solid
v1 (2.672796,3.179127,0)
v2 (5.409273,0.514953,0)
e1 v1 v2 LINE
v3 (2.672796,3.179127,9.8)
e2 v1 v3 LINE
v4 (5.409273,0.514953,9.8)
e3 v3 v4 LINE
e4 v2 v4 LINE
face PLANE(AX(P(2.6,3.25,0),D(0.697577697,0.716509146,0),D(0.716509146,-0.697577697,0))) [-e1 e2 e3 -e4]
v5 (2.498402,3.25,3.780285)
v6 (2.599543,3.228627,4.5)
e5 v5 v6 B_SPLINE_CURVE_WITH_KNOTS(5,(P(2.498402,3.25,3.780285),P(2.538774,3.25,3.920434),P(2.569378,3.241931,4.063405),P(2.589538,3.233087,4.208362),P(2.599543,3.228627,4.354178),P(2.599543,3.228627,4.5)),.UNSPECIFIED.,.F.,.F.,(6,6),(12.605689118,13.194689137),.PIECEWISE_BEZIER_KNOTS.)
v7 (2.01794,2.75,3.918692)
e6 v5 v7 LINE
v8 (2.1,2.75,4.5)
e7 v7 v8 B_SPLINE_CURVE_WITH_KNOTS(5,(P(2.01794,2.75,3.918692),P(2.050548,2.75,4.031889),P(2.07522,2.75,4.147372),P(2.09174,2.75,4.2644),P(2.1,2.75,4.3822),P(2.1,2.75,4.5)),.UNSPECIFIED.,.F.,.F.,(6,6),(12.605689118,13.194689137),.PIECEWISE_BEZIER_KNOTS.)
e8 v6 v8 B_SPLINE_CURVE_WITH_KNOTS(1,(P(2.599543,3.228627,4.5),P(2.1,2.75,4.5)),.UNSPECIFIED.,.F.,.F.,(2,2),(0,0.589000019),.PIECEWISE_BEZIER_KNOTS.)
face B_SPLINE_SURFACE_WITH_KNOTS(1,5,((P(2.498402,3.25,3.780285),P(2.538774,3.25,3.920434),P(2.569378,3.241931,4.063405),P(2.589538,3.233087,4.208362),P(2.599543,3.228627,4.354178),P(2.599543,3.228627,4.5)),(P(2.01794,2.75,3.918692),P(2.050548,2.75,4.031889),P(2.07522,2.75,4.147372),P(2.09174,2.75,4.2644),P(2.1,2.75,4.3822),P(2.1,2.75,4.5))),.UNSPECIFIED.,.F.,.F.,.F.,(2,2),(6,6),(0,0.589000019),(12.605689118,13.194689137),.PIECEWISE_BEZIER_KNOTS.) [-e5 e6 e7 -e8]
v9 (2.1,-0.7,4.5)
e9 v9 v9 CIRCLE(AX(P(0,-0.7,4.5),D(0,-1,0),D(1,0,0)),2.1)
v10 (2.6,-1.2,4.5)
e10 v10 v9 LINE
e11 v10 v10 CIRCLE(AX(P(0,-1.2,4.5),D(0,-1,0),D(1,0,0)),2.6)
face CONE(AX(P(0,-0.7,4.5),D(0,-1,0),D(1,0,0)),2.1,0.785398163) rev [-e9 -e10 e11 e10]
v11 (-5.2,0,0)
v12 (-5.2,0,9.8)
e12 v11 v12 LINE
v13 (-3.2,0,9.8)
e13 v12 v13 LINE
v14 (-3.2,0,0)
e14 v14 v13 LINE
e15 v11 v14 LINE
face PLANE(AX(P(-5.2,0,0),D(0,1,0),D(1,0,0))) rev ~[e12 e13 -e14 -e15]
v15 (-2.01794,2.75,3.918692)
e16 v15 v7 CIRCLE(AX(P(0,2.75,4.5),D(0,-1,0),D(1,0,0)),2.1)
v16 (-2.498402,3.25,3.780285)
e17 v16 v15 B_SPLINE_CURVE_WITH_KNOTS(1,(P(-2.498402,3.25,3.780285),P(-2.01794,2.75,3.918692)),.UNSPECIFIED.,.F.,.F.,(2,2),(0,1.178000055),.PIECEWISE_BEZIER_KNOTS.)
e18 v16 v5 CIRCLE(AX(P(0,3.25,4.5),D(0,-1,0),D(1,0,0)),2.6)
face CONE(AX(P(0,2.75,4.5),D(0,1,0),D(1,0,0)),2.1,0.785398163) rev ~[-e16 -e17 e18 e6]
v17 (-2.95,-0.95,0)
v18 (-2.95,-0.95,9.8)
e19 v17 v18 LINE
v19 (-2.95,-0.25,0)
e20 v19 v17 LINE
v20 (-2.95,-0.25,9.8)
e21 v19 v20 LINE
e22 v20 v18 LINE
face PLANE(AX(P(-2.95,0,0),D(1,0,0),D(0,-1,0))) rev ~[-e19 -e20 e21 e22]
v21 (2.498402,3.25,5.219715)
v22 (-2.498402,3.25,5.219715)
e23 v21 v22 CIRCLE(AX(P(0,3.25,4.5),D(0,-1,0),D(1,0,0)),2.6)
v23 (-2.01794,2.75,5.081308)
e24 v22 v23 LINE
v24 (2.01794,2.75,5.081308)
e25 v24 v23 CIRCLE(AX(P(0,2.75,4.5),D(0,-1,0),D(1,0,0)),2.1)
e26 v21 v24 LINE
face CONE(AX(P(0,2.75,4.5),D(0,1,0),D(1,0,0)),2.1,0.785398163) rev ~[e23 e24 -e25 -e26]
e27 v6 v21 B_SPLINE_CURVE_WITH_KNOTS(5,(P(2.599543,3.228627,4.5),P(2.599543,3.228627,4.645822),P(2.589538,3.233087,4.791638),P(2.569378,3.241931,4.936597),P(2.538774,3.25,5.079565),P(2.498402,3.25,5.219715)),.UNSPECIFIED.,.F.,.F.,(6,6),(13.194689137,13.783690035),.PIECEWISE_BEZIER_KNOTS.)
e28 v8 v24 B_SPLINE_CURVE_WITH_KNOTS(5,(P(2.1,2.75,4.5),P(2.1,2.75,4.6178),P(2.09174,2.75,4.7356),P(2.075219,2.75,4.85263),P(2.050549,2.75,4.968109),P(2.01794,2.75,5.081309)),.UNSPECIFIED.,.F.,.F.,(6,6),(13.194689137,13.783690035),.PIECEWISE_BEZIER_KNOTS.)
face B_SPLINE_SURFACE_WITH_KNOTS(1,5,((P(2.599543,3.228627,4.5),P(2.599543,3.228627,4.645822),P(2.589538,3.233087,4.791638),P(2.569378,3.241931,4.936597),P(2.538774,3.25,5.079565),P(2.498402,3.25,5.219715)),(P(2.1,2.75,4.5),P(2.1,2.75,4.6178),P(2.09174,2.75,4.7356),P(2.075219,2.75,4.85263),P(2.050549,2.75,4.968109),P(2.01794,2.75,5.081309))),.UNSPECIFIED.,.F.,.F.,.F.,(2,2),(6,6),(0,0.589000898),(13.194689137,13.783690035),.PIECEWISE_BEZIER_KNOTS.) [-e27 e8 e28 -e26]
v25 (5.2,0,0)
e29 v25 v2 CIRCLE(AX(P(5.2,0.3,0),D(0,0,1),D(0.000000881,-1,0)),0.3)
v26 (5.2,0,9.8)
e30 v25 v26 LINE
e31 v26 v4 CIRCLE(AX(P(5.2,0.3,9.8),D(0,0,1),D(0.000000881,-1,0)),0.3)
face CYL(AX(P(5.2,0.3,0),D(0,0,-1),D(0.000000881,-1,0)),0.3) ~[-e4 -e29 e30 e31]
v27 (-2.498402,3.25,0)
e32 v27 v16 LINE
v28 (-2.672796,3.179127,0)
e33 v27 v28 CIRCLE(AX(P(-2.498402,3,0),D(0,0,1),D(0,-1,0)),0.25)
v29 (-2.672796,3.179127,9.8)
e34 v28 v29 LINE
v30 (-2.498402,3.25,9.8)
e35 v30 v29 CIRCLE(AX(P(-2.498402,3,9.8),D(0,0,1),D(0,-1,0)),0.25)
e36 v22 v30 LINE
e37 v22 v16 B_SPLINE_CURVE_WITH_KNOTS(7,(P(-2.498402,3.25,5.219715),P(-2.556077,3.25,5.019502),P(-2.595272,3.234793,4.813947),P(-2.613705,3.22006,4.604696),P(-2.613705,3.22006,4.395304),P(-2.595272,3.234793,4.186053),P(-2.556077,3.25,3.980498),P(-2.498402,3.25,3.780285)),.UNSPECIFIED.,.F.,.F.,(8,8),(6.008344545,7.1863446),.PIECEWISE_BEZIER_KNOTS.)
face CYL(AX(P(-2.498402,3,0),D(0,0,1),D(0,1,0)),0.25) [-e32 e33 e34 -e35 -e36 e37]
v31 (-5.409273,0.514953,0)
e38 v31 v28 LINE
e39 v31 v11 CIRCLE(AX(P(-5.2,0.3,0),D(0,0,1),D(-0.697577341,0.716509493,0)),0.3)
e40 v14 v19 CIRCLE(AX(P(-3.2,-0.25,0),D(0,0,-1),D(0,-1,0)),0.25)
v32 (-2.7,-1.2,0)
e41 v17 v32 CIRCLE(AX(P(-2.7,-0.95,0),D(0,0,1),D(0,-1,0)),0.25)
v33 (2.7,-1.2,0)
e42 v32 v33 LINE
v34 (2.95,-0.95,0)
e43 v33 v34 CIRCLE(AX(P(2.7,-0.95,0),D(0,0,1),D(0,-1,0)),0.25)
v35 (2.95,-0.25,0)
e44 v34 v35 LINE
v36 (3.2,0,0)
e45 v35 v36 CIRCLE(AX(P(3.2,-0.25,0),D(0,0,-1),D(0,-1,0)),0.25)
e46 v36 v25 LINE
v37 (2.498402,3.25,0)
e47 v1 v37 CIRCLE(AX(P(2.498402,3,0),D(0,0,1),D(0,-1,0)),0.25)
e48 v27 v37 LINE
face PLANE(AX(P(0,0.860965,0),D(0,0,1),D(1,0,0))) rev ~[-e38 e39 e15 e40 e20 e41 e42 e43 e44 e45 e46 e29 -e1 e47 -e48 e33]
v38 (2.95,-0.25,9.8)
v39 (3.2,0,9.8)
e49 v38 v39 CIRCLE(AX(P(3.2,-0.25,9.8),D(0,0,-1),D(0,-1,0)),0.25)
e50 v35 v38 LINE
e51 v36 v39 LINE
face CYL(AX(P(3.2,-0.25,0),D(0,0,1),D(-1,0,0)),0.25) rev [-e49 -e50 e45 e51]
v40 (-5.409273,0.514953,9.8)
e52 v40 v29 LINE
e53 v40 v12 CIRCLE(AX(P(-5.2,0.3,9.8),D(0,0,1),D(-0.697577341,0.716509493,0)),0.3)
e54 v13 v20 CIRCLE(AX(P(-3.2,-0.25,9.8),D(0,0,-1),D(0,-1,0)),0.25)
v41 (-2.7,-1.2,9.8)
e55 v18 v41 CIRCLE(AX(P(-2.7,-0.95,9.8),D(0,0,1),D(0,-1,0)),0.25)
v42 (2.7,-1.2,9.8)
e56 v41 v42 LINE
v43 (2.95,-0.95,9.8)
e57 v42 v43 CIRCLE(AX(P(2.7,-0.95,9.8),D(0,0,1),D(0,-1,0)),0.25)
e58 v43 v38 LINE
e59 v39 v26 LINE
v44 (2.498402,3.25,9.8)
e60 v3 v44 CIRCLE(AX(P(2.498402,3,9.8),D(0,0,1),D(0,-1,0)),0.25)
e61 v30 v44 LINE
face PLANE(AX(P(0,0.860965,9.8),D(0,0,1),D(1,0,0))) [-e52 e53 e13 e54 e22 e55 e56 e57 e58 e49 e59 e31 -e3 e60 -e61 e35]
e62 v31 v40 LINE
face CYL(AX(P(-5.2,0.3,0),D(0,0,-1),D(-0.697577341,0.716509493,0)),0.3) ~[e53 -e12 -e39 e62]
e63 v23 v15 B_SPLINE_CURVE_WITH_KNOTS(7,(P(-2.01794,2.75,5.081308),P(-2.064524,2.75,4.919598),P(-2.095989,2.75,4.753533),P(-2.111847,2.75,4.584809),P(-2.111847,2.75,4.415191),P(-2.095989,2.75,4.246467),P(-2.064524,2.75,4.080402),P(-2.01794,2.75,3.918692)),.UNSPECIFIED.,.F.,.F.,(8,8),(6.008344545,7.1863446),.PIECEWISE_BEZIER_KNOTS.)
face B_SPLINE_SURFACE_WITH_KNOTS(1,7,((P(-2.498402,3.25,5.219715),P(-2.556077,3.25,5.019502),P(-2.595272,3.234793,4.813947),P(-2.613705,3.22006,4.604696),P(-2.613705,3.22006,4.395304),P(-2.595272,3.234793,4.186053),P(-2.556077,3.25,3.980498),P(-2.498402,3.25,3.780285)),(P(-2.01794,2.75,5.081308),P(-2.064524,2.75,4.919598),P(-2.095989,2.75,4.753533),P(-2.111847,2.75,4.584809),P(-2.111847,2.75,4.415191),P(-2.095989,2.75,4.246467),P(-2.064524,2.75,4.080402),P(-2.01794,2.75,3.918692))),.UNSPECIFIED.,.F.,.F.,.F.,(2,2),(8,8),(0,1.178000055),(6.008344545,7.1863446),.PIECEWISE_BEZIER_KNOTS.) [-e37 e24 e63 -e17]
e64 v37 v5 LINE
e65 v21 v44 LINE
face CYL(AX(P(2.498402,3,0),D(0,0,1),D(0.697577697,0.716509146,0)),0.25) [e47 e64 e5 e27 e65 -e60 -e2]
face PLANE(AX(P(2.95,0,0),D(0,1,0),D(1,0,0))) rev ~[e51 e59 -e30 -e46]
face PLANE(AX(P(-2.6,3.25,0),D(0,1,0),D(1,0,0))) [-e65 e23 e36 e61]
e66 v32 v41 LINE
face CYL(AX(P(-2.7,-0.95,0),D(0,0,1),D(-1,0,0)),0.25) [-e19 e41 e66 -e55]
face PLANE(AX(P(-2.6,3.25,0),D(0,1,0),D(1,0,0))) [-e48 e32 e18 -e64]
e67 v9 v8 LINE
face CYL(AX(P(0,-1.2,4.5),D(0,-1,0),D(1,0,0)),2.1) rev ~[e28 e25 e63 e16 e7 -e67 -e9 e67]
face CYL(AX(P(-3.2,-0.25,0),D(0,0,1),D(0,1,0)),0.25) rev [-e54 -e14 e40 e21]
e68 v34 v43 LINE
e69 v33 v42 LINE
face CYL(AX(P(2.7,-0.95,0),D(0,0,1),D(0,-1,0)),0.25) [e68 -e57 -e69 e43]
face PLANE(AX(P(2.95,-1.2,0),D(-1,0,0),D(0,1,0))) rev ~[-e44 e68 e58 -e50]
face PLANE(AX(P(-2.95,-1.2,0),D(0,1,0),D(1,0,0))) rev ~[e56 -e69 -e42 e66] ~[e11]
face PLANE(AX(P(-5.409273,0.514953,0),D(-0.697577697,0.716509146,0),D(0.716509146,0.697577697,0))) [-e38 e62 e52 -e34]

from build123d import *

# Parameters (mm, degrees)
PAD_DEPTH    = 9.8
FILLET_R     = 0.25
SKETCH001_R  = 2.1
POCKET_DEPTH = 4.451
CHAMFER_SIZE = 0.5


with BuildPart() as part:
    # Sketch → Pad (new body)
    with BuildSketch(Plane.XY):
        with BuildLine():
            Line((-5.2, 0), (-2.95, 0))
            Line((-2.95, 0), (-2.95, -1.2))
            Line((-2.95, -1.2), (2.95, -1.2))
            Line((2.95, -1.2), (2.95, 0))
            Line((2.95, 0), (5.2, 0))
            ThreePointArc((5.2, 0), (5.477926, 0.187053), (5.409273, 0.514953))
            Line((2.6, 3.25), (5.409273, 0.514953))
            Line((-2.6, 3.25), (2.6, 3.25))
            Line((-5.409273, 0.514953), (-2.6, 3.25))
            ThreePointArc((-5.409273, 0.514953), (-5.477926, 0.187053), (-5.2, 0))
        make_face()
    extrude(amount=PAD_DEPTH)

    # Fillet
    fillet_edges = [part.edges().sort_by_distance(p)[0] for p in [
        (2.95, 0, 4.9),
        (2.95, -1.2, 4.9),
        (-2.95, -1.2, 4.9),
        (-2.95, 0, 4.9),
        (-2.6, 3.25, 4.9),
        (2.6, 3.25, 4.9),
    ]]
    fillet(fillet_edges, radius=FILLET_R)

    # Sketch001 (on Face10 of Fillet) → Pocket (cut, through all)
    with BuildSketch(Plane.XZ.offset(1.2)):
        with Locations((0, 4.5)):
            Circle(SKETCH001_R)
    extrude(amount=-POCKET_DEPTH, mode=Mode.SUBTRACT)

    # Chamfer
    chamfer_edges = [part.edges().sort_by_distance(p)[0] for p in [
        (-2.1, -1.2, 4.5),
        (2.1, 1.025, 4.5),
        (-2.1, 3.25, 4.5),
    ]]
    chamfer(chamfer_edges, length=CHAMFER_SIZE)


solid = part.part
